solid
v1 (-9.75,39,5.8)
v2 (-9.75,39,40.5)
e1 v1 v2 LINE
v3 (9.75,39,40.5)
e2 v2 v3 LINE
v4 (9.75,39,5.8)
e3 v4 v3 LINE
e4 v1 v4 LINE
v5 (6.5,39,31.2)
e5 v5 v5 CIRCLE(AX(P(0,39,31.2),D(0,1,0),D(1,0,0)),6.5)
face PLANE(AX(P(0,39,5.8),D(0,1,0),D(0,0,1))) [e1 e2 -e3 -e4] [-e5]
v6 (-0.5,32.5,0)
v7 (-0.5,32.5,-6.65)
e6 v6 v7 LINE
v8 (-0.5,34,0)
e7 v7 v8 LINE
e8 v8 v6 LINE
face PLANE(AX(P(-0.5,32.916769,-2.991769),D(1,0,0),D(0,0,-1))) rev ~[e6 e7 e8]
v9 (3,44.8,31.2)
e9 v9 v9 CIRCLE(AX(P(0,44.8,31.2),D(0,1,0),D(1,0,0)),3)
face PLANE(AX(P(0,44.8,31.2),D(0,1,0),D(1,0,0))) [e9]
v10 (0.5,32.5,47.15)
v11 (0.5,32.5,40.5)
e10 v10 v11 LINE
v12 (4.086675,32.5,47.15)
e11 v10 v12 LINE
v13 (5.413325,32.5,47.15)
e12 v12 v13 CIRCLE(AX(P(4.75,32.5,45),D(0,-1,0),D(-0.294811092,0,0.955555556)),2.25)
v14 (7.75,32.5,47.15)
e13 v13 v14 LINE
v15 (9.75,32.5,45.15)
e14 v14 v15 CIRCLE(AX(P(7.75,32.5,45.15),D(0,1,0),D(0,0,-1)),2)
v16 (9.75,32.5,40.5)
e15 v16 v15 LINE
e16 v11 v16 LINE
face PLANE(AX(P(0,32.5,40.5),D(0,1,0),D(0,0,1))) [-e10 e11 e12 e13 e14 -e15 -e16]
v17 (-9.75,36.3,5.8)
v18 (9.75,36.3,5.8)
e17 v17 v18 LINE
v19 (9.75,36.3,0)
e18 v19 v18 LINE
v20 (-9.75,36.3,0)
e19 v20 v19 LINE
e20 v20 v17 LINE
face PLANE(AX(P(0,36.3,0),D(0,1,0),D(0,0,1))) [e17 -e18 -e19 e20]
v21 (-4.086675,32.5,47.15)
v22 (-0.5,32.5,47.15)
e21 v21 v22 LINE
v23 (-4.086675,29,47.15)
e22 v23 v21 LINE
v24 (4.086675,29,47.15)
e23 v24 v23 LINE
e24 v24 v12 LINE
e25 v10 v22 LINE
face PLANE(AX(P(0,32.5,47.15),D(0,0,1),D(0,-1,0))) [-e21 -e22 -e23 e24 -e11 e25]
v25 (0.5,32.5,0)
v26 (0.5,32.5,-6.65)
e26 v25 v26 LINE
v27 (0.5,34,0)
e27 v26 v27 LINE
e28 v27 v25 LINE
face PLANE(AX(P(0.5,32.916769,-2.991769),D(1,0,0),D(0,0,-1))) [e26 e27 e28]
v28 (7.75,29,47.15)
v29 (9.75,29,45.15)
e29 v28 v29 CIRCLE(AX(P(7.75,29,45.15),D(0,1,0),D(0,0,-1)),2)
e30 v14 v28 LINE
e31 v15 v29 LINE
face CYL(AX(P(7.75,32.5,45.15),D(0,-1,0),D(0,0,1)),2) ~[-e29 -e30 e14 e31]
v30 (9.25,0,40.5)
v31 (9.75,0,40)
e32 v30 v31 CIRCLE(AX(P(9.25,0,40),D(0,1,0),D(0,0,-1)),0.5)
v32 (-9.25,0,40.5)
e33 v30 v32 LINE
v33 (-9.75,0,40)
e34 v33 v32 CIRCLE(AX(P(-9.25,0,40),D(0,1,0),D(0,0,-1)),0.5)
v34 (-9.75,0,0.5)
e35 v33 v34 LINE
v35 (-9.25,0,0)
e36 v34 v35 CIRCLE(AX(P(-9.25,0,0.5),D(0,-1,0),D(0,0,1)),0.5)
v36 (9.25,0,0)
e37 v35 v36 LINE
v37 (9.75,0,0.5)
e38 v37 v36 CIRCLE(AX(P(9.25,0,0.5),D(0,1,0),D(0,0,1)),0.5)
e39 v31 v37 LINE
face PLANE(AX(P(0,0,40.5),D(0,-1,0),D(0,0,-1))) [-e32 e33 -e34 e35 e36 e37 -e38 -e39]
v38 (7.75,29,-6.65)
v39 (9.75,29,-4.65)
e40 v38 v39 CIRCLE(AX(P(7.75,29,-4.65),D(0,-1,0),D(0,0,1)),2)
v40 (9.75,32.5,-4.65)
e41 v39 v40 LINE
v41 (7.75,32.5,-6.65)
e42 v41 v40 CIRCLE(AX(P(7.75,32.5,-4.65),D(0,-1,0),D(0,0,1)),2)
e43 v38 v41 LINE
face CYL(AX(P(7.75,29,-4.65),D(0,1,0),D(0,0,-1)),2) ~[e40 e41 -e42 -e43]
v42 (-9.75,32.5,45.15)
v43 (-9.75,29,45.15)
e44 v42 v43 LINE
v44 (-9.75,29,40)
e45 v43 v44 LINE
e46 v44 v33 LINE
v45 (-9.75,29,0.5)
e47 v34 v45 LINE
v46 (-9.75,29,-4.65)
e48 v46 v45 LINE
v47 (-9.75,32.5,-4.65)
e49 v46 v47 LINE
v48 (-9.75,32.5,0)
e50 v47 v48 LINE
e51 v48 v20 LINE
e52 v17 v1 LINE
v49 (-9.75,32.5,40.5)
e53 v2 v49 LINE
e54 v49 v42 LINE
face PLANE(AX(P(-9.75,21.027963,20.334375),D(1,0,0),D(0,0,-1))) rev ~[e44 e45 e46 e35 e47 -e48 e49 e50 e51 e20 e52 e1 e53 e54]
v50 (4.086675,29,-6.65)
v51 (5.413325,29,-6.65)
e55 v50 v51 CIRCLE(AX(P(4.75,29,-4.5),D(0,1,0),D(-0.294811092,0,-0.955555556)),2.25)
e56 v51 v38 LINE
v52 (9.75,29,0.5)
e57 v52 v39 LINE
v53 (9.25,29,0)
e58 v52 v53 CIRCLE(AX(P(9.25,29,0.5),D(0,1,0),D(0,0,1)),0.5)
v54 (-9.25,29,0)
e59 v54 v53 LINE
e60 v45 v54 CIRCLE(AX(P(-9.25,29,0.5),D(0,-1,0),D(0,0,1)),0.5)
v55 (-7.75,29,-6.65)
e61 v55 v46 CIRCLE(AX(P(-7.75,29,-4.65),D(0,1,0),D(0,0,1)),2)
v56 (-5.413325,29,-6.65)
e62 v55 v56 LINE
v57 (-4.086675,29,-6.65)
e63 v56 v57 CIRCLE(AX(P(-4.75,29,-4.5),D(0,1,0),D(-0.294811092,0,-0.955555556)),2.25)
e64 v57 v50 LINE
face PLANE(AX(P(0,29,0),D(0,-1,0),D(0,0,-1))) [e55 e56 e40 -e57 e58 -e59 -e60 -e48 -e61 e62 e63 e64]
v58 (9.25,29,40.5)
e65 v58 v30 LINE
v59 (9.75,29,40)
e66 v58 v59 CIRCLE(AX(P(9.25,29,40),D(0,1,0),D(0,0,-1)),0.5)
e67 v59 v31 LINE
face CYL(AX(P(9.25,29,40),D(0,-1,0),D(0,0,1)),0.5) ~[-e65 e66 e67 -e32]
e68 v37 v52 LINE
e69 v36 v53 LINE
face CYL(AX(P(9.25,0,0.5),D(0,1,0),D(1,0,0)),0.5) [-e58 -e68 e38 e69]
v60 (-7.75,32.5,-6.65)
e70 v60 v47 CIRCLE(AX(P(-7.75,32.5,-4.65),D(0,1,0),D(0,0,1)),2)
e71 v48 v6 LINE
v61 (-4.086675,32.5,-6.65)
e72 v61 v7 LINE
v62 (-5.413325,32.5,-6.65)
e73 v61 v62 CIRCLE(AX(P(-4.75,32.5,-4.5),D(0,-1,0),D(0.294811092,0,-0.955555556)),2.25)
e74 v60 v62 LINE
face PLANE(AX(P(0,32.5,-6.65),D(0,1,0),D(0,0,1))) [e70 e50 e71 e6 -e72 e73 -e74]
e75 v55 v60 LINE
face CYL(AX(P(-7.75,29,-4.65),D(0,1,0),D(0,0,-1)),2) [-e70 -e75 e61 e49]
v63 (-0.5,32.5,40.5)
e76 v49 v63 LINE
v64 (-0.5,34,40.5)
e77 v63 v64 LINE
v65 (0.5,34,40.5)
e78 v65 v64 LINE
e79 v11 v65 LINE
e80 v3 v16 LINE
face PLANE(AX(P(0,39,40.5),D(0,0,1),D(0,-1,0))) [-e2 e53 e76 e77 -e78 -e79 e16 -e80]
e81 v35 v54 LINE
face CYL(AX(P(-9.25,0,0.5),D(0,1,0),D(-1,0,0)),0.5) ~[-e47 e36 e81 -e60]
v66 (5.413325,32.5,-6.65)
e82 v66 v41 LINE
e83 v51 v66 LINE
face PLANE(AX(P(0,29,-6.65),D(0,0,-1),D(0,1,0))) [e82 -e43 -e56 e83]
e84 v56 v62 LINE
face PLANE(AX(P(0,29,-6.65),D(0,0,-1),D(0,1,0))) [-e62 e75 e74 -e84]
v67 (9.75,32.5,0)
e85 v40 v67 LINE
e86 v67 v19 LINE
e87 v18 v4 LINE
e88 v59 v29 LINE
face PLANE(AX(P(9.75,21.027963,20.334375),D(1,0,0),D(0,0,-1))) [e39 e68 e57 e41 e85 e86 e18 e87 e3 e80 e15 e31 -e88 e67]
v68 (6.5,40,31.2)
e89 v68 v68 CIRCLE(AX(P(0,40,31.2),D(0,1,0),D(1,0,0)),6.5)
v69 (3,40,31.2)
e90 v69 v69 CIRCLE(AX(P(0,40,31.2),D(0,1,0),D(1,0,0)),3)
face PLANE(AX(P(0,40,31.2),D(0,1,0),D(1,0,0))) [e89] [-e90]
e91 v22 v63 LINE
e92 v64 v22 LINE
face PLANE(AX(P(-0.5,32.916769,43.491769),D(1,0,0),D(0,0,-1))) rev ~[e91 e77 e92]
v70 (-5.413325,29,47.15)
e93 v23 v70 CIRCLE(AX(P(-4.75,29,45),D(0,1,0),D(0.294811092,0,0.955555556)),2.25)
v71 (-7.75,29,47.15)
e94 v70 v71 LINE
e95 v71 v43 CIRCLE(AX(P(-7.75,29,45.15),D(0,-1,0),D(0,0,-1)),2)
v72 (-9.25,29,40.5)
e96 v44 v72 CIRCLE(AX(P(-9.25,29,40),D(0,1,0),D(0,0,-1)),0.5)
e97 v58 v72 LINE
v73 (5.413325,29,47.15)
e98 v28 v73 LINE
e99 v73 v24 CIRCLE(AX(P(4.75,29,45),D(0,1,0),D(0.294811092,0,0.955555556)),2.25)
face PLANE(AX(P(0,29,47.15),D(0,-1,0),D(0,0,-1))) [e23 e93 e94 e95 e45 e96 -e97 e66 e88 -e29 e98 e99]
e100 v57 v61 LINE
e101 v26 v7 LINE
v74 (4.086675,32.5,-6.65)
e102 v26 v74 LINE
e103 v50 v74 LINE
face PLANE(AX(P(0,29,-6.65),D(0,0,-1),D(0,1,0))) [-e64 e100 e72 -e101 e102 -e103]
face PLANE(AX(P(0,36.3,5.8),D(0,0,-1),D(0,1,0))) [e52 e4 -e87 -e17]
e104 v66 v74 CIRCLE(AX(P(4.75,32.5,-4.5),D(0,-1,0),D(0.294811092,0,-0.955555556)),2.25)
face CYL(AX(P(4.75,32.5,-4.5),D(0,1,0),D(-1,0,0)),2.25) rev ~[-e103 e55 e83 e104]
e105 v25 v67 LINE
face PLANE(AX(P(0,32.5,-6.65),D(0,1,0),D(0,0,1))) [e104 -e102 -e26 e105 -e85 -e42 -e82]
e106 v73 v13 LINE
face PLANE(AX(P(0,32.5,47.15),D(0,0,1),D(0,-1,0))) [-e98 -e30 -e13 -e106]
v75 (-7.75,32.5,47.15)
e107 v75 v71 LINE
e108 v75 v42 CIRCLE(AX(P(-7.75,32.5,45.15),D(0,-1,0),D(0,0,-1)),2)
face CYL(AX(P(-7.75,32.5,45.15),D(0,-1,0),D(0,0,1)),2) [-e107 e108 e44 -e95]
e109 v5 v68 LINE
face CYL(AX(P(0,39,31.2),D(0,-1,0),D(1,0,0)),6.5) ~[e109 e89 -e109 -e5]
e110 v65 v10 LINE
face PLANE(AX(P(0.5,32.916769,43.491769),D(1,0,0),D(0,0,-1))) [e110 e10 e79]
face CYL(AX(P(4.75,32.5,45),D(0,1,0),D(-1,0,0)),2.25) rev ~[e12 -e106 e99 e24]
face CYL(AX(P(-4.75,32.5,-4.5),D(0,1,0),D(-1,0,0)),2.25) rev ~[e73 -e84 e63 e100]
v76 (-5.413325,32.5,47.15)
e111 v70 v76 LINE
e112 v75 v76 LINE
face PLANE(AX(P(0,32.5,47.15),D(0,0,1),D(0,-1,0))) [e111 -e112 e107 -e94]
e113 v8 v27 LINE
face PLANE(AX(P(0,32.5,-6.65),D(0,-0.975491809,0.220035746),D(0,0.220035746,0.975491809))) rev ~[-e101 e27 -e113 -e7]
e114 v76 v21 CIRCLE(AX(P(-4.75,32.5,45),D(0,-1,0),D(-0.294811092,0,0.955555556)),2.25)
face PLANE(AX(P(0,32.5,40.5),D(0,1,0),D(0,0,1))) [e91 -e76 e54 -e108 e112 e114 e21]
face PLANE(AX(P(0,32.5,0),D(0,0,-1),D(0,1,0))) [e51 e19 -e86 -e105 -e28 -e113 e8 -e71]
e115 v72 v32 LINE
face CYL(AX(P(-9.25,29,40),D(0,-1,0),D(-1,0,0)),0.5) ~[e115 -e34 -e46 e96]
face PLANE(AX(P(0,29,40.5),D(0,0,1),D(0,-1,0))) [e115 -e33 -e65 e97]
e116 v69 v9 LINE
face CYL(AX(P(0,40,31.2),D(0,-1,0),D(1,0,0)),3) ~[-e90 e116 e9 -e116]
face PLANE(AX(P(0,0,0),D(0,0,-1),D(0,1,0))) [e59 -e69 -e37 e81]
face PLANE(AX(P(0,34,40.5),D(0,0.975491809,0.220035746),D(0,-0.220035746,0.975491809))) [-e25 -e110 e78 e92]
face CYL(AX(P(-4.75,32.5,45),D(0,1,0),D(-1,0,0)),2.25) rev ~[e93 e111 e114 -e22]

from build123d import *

# Parameters (mm, degrees)
MAIN_DEPTH          = 9.75
SKETCH4_R           = 6.5
BASECIRCLE_DEPTH    = 1
SKETCH5_R           = 3
GEAR_DEPTH          = 4.8
SKETCH9_R           = 2.25
FIXING_HOLE_DEPTH   = 19.05
FIXINGFILLET_R      = 2
REINFORCEMENT_DEPTH = 0.5
SERVOFILLET_R       = 0.5


with BuildPart() as part:
    # Sketch1 → Main (new body, symmetric)
    with BuildSketch(Plane(origin=(0, 0, 0), x_dir=(0, 0, -1), z_dir=(1, 0, 0))):
        Polygon((-40.5, 0), (0, 0), (0, 29), (6.65, 29), (6.65, 32.5), (0, 32.5), (0, 36.3), (-5.8, 36.3), (-5.8, 39), (-40.5, 39), (-40.5, 32.5), (-47.15, 32.5), (-47.15, 29), (-40.5, 29), align=None)
    extrude(amount=MAIN_DEPTH, both=True)

    # Sketch4 → BaseCircle (add)
    with BuildSketch(Plane(origin=(0, 39, 0), x_dir=(1, 0, 0), z_dir=(0, 1, 0))):
        with Locations((0, -31.2)):
            Circle(SKETCH4_R)
    extrude(amount=BASECIRCLE_DEPTH)

    # Sketch5 → Gear (add)
    with BuildSketch(Plane(origin=(0, 40, 0), x_dir=(1, 0, 0), z_dir=(0, 1, 0))):
        with Locations((0, -31.2)):
            Circle(SKETCH5_R)
    extrude(amount=GEAR_DEPTH)

    # Sketch9 → Fixing-Hole (cut)
    with BuildSketch(Plane(origin=(0, 32.5, 0), x_dir=(-1, 0, 0), z_dir=(0, 1, 0))):
        with Locations((-4.75, 45)):
            Circle(SKETCH9_R)
        with Locations((4.75, 45)):
            Circle(SKETCH9_R)
        with Locations((4.75, -4.5)):
            Circle(SKETCH9_R)
        with Locations((-4.75, -4.5)):
            Circle(SKETCH9_R)
    extrude(amount=-FIXING_HOLE_DEPTH, mode=Mode.SUBTRACT)

    # FixingFillet
    fixingfillet_edges = [part.edges().sort_by_distance(p)[0] for p in [
        (-9.75, 30.75, 47.15),
        (9.75, 30.75, -6.65),
        (-9.75, 30.75, -6.65),
        (9.75, 30.75, 47.15),
    ]]
    fillet(fixingfillet_edges, radius=FIXINGFILLET_R)

    # Esquisse1 → Reinforcement (add, symmetric)
    with BuildSketch(Plane(origin=(0, 0, 0), x_dir=(0, 0, -1), z_dir=(1, 0, 0))):
        Polygon((6.65, 32.5), (0, 34), (0, 32.5), align=None)
        Polygon((-47.15, 32.5), (-40.5, 32.5), (-40.5, 34), align=None)
    extrude(amount=REINFORCEMENT_DEPTH, both=True)

    # ServoFillet
    servofillet_edges = [part.edges().sort_by_distance(p)[0] for p in [
        (9.75, 14.5, 0),
        (-9.75, 14.5, 0),
        (-9.75, 14.5, 40.5),
        (9.75, 14.5, 40.5),
    ]]
    fillet(servofillet_edges, radius=SERVOFILLET_R)


solid = part.part
